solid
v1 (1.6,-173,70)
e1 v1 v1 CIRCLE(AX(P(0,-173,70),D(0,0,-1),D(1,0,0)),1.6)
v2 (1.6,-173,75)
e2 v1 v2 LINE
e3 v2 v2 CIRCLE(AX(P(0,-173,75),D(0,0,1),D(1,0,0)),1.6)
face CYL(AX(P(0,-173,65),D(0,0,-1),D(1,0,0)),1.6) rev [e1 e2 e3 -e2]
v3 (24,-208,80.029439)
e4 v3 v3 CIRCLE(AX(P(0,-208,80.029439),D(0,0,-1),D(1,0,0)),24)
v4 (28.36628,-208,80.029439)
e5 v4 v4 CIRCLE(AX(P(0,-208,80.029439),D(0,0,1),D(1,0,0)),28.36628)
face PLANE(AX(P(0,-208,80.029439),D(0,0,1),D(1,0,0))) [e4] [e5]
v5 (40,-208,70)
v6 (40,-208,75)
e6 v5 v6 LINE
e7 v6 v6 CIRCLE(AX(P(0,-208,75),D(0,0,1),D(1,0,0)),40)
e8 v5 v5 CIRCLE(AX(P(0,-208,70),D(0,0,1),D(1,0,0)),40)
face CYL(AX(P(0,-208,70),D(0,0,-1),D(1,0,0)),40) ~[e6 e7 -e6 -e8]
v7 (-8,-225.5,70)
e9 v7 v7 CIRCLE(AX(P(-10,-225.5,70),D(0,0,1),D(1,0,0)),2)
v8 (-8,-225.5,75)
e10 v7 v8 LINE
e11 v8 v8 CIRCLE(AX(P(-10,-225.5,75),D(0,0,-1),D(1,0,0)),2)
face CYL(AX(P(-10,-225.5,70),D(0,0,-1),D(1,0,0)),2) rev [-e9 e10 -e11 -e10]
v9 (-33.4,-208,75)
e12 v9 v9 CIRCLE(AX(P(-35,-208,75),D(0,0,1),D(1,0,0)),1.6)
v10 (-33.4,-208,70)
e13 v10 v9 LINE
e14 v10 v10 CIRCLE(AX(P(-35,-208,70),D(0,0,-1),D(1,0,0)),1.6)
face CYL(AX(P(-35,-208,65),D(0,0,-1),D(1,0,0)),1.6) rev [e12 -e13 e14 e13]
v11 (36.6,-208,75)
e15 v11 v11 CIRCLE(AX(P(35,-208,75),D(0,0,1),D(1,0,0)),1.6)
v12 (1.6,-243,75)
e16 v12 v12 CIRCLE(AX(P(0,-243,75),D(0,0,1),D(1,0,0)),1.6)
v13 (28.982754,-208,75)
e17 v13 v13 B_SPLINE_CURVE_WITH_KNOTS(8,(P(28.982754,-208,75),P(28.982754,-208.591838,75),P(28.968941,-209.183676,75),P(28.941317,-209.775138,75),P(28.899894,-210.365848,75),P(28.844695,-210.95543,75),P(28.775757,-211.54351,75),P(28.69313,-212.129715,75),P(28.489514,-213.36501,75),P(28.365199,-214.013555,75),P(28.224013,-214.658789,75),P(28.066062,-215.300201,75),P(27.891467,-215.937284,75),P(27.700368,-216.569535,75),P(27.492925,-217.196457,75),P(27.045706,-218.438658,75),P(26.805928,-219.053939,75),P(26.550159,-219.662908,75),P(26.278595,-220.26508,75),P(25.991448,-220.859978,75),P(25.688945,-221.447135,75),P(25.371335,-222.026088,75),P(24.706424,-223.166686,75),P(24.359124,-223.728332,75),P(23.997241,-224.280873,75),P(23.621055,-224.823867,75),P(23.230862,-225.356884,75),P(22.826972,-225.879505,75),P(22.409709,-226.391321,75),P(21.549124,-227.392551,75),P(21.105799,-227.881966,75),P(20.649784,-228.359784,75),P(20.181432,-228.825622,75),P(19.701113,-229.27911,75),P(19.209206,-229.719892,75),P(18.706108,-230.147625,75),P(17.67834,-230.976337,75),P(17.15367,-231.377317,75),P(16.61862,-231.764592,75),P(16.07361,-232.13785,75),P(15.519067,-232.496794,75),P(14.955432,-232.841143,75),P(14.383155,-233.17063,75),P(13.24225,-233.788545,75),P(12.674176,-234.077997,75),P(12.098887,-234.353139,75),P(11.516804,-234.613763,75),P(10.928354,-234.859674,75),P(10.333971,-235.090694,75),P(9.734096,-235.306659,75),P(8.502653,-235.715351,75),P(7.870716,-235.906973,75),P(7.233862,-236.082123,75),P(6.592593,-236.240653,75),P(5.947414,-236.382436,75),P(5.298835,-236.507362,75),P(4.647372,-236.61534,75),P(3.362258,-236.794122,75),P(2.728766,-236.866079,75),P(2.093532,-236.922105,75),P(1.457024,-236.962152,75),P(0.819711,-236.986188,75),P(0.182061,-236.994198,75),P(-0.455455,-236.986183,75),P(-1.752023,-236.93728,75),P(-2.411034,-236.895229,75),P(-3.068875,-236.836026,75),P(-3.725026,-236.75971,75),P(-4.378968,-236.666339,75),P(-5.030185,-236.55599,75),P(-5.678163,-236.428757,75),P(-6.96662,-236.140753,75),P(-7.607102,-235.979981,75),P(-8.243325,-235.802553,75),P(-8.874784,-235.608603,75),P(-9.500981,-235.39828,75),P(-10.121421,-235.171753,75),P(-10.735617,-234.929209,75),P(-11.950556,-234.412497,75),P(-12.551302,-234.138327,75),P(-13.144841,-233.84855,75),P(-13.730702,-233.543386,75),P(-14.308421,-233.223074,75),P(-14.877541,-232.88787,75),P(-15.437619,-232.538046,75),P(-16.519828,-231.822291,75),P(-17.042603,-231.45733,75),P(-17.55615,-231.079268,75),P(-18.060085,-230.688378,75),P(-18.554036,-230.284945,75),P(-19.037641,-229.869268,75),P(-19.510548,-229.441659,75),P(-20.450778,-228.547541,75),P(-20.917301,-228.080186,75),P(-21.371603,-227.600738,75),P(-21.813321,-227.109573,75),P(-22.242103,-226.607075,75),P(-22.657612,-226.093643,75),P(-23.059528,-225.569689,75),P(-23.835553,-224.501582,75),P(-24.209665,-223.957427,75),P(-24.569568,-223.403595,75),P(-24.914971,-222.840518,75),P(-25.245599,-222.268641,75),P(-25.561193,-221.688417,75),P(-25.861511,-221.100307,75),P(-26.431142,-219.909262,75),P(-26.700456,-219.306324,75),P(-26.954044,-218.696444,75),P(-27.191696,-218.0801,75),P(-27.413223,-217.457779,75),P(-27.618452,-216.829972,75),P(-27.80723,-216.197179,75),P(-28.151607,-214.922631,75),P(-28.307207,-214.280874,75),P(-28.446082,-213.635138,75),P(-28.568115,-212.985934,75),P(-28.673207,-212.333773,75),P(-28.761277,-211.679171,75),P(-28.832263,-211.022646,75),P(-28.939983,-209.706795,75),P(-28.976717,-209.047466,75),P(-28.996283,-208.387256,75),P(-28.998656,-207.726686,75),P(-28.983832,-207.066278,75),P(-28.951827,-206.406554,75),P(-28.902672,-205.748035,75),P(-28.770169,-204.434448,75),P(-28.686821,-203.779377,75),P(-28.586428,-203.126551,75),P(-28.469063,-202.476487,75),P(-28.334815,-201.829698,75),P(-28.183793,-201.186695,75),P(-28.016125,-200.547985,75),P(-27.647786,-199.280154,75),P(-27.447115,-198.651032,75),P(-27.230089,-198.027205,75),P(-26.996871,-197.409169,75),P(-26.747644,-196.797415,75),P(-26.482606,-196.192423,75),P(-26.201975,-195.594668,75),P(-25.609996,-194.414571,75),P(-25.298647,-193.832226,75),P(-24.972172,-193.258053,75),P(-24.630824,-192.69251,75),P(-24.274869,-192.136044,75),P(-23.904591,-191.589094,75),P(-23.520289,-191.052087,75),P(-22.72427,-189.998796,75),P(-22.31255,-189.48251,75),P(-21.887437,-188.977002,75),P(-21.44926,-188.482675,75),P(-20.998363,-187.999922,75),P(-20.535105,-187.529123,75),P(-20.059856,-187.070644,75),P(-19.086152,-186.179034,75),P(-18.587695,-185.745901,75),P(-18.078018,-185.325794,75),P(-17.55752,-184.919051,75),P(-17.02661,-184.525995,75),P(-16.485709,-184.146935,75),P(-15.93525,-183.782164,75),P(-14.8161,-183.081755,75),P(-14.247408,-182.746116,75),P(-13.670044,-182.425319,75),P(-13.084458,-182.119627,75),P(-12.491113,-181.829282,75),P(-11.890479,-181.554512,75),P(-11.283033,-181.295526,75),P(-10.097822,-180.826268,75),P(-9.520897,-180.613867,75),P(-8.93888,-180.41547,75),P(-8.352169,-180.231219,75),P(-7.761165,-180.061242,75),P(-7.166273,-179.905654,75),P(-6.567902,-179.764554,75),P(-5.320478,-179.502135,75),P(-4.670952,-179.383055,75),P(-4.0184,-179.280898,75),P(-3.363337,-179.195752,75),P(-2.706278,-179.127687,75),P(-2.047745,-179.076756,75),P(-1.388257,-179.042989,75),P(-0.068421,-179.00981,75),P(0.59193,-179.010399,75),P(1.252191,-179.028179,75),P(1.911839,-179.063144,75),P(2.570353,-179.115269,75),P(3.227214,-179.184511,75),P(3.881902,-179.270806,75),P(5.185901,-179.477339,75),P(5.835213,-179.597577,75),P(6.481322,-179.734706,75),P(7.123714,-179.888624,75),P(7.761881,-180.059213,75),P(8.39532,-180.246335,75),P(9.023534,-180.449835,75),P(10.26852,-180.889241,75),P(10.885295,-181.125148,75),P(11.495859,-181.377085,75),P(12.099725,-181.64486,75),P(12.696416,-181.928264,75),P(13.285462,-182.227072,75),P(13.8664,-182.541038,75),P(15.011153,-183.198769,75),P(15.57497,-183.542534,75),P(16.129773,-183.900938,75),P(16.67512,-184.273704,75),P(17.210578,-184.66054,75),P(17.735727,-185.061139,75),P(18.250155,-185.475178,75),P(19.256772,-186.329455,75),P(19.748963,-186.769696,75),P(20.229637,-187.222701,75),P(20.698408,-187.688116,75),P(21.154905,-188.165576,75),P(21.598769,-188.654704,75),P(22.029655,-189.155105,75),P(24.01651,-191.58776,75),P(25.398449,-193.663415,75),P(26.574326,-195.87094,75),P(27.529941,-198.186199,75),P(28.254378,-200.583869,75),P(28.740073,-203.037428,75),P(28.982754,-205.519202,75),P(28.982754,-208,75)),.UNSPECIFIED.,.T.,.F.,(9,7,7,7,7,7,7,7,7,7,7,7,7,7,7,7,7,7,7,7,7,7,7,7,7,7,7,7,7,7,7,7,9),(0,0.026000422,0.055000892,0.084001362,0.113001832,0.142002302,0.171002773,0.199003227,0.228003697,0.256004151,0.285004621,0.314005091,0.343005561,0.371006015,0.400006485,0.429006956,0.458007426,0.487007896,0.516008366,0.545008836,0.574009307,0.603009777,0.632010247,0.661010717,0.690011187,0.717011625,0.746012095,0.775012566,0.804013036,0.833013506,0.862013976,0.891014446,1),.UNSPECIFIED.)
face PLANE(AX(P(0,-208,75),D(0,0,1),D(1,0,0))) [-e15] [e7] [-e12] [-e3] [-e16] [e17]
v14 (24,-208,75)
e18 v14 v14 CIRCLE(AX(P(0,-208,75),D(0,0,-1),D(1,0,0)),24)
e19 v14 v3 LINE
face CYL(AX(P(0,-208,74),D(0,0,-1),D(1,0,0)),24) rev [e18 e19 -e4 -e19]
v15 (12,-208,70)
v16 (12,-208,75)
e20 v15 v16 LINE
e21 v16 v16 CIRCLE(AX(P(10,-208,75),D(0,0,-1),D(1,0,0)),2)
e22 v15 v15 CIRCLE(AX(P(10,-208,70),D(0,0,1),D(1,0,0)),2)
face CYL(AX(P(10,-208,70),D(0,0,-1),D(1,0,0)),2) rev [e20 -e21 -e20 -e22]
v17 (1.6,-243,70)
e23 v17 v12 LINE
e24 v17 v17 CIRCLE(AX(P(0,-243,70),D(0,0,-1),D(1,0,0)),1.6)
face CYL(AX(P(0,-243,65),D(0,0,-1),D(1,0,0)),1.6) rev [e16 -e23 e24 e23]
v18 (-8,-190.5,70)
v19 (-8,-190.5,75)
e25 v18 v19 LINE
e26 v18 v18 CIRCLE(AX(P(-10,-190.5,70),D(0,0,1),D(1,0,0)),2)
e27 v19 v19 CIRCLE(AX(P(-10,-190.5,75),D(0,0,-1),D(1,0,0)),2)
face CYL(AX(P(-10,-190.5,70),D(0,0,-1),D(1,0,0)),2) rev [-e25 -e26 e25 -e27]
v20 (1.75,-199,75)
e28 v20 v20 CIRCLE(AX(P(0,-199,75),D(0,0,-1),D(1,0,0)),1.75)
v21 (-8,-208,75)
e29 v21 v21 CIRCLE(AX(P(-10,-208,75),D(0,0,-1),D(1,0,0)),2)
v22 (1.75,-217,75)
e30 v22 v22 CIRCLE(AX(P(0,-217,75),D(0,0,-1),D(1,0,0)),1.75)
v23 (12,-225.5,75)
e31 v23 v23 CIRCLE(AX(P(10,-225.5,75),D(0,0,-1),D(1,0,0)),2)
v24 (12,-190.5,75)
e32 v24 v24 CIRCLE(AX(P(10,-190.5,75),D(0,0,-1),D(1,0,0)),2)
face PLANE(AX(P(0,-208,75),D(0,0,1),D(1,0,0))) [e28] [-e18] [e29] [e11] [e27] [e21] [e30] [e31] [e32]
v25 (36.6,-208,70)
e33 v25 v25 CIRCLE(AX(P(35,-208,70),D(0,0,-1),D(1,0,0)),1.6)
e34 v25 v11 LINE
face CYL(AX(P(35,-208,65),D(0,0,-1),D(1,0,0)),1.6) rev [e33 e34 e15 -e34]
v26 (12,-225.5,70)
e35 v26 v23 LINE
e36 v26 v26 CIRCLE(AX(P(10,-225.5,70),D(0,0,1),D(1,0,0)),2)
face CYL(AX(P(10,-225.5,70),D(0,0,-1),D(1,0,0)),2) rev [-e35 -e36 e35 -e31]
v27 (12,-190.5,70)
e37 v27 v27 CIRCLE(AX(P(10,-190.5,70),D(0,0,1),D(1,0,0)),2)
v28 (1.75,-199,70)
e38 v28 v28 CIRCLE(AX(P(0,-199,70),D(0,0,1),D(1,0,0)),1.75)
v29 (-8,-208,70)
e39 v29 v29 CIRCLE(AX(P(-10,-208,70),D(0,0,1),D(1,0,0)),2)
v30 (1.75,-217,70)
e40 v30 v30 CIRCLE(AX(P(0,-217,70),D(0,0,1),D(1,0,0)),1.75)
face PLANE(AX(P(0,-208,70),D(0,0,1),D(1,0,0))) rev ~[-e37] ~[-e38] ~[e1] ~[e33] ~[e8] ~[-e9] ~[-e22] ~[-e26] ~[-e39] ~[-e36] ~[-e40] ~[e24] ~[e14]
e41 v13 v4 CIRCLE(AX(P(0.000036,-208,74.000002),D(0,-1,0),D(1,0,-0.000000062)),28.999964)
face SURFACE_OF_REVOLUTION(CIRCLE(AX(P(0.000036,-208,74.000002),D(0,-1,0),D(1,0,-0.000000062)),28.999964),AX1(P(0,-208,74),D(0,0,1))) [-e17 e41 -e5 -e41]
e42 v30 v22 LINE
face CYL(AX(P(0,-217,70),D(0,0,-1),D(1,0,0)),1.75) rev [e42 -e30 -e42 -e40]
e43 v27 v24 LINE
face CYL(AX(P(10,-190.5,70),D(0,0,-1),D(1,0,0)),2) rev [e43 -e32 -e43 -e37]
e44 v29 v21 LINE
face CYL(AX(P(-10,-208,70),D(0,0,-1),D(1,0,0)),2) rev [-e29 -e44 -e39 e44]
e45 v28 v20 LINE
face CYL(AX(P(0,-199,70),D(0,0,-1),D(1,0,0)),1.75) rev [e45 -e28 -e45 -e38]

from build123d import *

# Parameters (mm, degrees)
CYLINDER047_R     = 1.6
CYLINDER047_DEPTH = 10
CYLINDER048_R     = 1.6
CYLINDER048_DEPTH = 10
CYLINDER049_R     = 1.6
CYLINDER049_DEPTH = 10
CYLINDER046_R     = 1.6
CYLINDER046_DEPTH = 10
CYLINDER043_R     = 2
CYLINDER043_DEPTH = 10
CYLINDER042_R     = 2
CYLINDER042_DEPTH = 10
CYLINDER045_R     = 1.75
CYLINDER045_DEPTH = 10
CYLINDER044_R     = 1.75
CYLINDER044_DEPTH = 10
CYLINDER036_R     = 2
CYLINDER036_DEPTH = 10
CYLINDER037_R     = 2
CYLINDER037_DEPTH = 10
CYLINDER038_R     = 2
CYLINDER038_DEPTH = 10
CYLINDER039_R     = 2
CYLINDER039_DEPTH = 10
CYLINDER041_R     = 24
CYLINDER041_DEPTH = 7
CYLINDER040_R     = 40
CYLINDER040_DEPTH = 5


with BuildPart() as m2heatsetinsets005:
    # Cylinder047 → Cylinder047 (new body)
    with BuildSketch(Plane(origin=(40, 0, 65), x_dir=(1, 0, 0), z_dir=(0, 0, 1))):
        Circle(CYLINDER047_R)
    extrude(amount=CYLINDER047_DEPTH)


with BuildPart() as m2heatsetinsets006:
    # Cylinder048 → Cylinder048 (new body)
    with BuildSketch(Plane(origin=(5, 35, 65), x_dir=(1, 0, 0), z_dir=(0, 0, 1))):
        Circle(CYLINDER048_R)
    extrude(amount=CYLINDER048_DEPTH)


with BuildPart() as m2heatsetinsets007:
    # Cylinder049 → Cylinder049 (new body)
    with BuildSketch(Plane(origin=(5, -35, 65), x_dir=(1, 0, 0), z_dir=(0, 0, 1))):
        Circle(CYLINDER049_R)
    extrude(amount=CYLINDER049_DEPTH)


with BuildPart() as fusion021:
    # Cylinder046 → Cylinder046 (new body)
    with BuildSketch(Plane(origin=(-30, 0, 65), x_dir=(1, 0, 0), z_dir=(0, 0, 1))):
        Circle(CYLINDER046_R)
    extrude(amount=CYLINDER046_DEPTH)

    # Fusion021: union m2HeatSetInsets005, m2HeatSetInsets006, m2HeatSetInsets007
    add(m2heatsetinsets005.part)
    add(m2heatsetinsets006.part)
    add(m2heatsetinsets007.part)


with BuildPart() as wirecut003:
    # Cylinder043 → Cylinder043 (new body)
    with BuildSketch(Plane(origin=(15, 0, 70), x_dir=(1, 0, 0), z_dir=(0, 0, 1))):
        Circle(CYLINDER043_R)
    extrude(amount=CYLINDER043_DEPTH)


with BuildPart() as wirecuts001:
    # Cylinder042 → Cylinder042 (new body)
    with BuildSketch(Plane(origin=(-5, 0, 70), x_dir=(1, 0, 0), z_dir=(0, 0, 1))):
        Circle(CYLINDER042_R)
    extrude(amount=CYLINDER042_DEPTH)

    # Fusion017: union wireCUt003
    add(wirecut003.part)


with BuildPart() as m3cuts003:
    # Cylinder045 → Cylinder045 (new body)
    with BuildSketch(Plane(origin=(5, 9, 70), x_dir=(1, 0, 0), z_dir=(0, 0, 1))):
        Circle(CYLINDER045_R)
    extrude(amount=CYLINDER045_DEPTH)


with BuildPart() as m3cute001:
    # Cylinder044 → Cylinder044 (new body)
    with BuildSketch(Plane(origin=(5, -9, 70), x_dir=(1, 0, 0), z_dir=(0, 0, 1))):
        Circle(CYLINDER044_R)
    extrude(amount=CYLINDER044_DEPTH)

    # Fusion018: union m3Cuts003
    add(m3cuts003.part)


with BuildPart() as cylinder036:
    # Cylinder036 → Cylinder036 (new body)
    with BuildSketch(Plane(origin=(0, -21, 0), x_dir=(1, 0, 0), z_dir=(0, 0, 1))):
        Circle(CYLINDER036_R)
    extrude(amount=CYLINDER036_DEPTH)


with BuildPart() as m3heatsetcuts003:
    # Cylinder037 → Cylinder037 (new body)
    with BuildSketch(Plane(origin=(20, -21, 0), x_dir=(1, 0, 0), z_dir=(0, 0, 1))):
        Circle(CYLINDER037_R)
    extrude(amount=CYLINDER037_DEPTH)

    # Fusion014: union Cylinder036
    add(cylinder036.part)


with BuildPart() as m3heatsetcuts003_1:
    # Fusion014 placement: moved
    add(m3heatsetcuts003.part.moved(Location((-5, 38.5, 70))))


with BuildPart() as cylinder038:
    # Cylinder038 → Cylinder038 (new body)
    with BuildSketch(Plane(origin=(0, -21, 0), x_dir=(1, 0, 0), z_dir=(0, 0, 1))):
        Circle(CYLINDER038_R)
    extrude(amount=CYLINDER038_DEPTH)


with BuildPart() as basecuts001:
    # Cylinder039 → Cylinder039 (new body)
    with BuildSketch(Plane(origin=(20, -21, 0), x_dir=(1, 0, 0), z_dir=(0, 0, 1))):
        Circle(CYLINDER039_R)
    extrude(amount=CYLINDER039_DEPTH)

    # Fusion015: union Cylinder038
    add(cylinder038.part)


with BuildPart() as basecuts001_1:
    # Fusion015 placement: moved
    add(basecuts001.part.moved(Location((-5, 3.5, 70))))

    # Fusion016: union m3HeatSetCuts003
    add(m3heatsetcuts003_1.part)

    # Fusion019: union wireCuts001, m3Cute001
    add(wirecuts001.part)
    add(m3cute001.part)


with BuildPart() as basecut001:
    # Cylinder041 → Cylinder041 (new body)
    with BuildSketch(Plane(origin=(5, 0, 74), x_dir=(1, 0, 0), z_dir=(0, 0, 1))):
        Circle(CYLINDER041_R)
    extrude(amount=CYLINDER041_DEPTH)


with BuildPart() as cut006:
    # Sphere002 → Sphere002 (revolve)
    with BuildSketch(Plane(origin=(5, 0, 74), x_dir=(1, 0, 0), z_dir=(0, -1, 0))):
        with BuildLine():
            ThreePointArc((29, 0), (28.841135, 3.031325), (28.36628, 6.029439))
            Line((28.36628, 6.029439), (0, 6.029439))
            Line((0, 6.029439), (0, 0))
            Line((0, 0), (29, 0))
        make_face()
    revolve(axis=Axis((5, 0, 74), (0, 0, 1)))

    # Cut006: cut baseCut001
    add(basecut001.part, mode=Mode.SUBTRACT)


with BuildPart() as lightmodule001:
    # Cylinder040 → Cylinder040 (new body)
    with BuildSketch(Plane(origin=(5, 0, 70), x_dir=(1, 0, 0), z_dir=(0, 0, 1))):
        Circle(CYLINDER040_R)
    extrude(amount=CYLINDER040_DEPTH)

    # Fusion020: union Cut006
    add(cut006.part)

    # Cut007: cut baseCUts001
    add(basecuts001_1.part, mode=Mode.SUBTRACT)

    # Cut008: cut Fusion021
    add(fusion021.part, mode=Mode.SUBTRACT)


with BuildPart() as lightmodule001_1:
    # Cut008 placement: moved
    add(lightmodule001.part.moved(Location((-5, -208, 0))))


solid = lightmodule001_1.part
